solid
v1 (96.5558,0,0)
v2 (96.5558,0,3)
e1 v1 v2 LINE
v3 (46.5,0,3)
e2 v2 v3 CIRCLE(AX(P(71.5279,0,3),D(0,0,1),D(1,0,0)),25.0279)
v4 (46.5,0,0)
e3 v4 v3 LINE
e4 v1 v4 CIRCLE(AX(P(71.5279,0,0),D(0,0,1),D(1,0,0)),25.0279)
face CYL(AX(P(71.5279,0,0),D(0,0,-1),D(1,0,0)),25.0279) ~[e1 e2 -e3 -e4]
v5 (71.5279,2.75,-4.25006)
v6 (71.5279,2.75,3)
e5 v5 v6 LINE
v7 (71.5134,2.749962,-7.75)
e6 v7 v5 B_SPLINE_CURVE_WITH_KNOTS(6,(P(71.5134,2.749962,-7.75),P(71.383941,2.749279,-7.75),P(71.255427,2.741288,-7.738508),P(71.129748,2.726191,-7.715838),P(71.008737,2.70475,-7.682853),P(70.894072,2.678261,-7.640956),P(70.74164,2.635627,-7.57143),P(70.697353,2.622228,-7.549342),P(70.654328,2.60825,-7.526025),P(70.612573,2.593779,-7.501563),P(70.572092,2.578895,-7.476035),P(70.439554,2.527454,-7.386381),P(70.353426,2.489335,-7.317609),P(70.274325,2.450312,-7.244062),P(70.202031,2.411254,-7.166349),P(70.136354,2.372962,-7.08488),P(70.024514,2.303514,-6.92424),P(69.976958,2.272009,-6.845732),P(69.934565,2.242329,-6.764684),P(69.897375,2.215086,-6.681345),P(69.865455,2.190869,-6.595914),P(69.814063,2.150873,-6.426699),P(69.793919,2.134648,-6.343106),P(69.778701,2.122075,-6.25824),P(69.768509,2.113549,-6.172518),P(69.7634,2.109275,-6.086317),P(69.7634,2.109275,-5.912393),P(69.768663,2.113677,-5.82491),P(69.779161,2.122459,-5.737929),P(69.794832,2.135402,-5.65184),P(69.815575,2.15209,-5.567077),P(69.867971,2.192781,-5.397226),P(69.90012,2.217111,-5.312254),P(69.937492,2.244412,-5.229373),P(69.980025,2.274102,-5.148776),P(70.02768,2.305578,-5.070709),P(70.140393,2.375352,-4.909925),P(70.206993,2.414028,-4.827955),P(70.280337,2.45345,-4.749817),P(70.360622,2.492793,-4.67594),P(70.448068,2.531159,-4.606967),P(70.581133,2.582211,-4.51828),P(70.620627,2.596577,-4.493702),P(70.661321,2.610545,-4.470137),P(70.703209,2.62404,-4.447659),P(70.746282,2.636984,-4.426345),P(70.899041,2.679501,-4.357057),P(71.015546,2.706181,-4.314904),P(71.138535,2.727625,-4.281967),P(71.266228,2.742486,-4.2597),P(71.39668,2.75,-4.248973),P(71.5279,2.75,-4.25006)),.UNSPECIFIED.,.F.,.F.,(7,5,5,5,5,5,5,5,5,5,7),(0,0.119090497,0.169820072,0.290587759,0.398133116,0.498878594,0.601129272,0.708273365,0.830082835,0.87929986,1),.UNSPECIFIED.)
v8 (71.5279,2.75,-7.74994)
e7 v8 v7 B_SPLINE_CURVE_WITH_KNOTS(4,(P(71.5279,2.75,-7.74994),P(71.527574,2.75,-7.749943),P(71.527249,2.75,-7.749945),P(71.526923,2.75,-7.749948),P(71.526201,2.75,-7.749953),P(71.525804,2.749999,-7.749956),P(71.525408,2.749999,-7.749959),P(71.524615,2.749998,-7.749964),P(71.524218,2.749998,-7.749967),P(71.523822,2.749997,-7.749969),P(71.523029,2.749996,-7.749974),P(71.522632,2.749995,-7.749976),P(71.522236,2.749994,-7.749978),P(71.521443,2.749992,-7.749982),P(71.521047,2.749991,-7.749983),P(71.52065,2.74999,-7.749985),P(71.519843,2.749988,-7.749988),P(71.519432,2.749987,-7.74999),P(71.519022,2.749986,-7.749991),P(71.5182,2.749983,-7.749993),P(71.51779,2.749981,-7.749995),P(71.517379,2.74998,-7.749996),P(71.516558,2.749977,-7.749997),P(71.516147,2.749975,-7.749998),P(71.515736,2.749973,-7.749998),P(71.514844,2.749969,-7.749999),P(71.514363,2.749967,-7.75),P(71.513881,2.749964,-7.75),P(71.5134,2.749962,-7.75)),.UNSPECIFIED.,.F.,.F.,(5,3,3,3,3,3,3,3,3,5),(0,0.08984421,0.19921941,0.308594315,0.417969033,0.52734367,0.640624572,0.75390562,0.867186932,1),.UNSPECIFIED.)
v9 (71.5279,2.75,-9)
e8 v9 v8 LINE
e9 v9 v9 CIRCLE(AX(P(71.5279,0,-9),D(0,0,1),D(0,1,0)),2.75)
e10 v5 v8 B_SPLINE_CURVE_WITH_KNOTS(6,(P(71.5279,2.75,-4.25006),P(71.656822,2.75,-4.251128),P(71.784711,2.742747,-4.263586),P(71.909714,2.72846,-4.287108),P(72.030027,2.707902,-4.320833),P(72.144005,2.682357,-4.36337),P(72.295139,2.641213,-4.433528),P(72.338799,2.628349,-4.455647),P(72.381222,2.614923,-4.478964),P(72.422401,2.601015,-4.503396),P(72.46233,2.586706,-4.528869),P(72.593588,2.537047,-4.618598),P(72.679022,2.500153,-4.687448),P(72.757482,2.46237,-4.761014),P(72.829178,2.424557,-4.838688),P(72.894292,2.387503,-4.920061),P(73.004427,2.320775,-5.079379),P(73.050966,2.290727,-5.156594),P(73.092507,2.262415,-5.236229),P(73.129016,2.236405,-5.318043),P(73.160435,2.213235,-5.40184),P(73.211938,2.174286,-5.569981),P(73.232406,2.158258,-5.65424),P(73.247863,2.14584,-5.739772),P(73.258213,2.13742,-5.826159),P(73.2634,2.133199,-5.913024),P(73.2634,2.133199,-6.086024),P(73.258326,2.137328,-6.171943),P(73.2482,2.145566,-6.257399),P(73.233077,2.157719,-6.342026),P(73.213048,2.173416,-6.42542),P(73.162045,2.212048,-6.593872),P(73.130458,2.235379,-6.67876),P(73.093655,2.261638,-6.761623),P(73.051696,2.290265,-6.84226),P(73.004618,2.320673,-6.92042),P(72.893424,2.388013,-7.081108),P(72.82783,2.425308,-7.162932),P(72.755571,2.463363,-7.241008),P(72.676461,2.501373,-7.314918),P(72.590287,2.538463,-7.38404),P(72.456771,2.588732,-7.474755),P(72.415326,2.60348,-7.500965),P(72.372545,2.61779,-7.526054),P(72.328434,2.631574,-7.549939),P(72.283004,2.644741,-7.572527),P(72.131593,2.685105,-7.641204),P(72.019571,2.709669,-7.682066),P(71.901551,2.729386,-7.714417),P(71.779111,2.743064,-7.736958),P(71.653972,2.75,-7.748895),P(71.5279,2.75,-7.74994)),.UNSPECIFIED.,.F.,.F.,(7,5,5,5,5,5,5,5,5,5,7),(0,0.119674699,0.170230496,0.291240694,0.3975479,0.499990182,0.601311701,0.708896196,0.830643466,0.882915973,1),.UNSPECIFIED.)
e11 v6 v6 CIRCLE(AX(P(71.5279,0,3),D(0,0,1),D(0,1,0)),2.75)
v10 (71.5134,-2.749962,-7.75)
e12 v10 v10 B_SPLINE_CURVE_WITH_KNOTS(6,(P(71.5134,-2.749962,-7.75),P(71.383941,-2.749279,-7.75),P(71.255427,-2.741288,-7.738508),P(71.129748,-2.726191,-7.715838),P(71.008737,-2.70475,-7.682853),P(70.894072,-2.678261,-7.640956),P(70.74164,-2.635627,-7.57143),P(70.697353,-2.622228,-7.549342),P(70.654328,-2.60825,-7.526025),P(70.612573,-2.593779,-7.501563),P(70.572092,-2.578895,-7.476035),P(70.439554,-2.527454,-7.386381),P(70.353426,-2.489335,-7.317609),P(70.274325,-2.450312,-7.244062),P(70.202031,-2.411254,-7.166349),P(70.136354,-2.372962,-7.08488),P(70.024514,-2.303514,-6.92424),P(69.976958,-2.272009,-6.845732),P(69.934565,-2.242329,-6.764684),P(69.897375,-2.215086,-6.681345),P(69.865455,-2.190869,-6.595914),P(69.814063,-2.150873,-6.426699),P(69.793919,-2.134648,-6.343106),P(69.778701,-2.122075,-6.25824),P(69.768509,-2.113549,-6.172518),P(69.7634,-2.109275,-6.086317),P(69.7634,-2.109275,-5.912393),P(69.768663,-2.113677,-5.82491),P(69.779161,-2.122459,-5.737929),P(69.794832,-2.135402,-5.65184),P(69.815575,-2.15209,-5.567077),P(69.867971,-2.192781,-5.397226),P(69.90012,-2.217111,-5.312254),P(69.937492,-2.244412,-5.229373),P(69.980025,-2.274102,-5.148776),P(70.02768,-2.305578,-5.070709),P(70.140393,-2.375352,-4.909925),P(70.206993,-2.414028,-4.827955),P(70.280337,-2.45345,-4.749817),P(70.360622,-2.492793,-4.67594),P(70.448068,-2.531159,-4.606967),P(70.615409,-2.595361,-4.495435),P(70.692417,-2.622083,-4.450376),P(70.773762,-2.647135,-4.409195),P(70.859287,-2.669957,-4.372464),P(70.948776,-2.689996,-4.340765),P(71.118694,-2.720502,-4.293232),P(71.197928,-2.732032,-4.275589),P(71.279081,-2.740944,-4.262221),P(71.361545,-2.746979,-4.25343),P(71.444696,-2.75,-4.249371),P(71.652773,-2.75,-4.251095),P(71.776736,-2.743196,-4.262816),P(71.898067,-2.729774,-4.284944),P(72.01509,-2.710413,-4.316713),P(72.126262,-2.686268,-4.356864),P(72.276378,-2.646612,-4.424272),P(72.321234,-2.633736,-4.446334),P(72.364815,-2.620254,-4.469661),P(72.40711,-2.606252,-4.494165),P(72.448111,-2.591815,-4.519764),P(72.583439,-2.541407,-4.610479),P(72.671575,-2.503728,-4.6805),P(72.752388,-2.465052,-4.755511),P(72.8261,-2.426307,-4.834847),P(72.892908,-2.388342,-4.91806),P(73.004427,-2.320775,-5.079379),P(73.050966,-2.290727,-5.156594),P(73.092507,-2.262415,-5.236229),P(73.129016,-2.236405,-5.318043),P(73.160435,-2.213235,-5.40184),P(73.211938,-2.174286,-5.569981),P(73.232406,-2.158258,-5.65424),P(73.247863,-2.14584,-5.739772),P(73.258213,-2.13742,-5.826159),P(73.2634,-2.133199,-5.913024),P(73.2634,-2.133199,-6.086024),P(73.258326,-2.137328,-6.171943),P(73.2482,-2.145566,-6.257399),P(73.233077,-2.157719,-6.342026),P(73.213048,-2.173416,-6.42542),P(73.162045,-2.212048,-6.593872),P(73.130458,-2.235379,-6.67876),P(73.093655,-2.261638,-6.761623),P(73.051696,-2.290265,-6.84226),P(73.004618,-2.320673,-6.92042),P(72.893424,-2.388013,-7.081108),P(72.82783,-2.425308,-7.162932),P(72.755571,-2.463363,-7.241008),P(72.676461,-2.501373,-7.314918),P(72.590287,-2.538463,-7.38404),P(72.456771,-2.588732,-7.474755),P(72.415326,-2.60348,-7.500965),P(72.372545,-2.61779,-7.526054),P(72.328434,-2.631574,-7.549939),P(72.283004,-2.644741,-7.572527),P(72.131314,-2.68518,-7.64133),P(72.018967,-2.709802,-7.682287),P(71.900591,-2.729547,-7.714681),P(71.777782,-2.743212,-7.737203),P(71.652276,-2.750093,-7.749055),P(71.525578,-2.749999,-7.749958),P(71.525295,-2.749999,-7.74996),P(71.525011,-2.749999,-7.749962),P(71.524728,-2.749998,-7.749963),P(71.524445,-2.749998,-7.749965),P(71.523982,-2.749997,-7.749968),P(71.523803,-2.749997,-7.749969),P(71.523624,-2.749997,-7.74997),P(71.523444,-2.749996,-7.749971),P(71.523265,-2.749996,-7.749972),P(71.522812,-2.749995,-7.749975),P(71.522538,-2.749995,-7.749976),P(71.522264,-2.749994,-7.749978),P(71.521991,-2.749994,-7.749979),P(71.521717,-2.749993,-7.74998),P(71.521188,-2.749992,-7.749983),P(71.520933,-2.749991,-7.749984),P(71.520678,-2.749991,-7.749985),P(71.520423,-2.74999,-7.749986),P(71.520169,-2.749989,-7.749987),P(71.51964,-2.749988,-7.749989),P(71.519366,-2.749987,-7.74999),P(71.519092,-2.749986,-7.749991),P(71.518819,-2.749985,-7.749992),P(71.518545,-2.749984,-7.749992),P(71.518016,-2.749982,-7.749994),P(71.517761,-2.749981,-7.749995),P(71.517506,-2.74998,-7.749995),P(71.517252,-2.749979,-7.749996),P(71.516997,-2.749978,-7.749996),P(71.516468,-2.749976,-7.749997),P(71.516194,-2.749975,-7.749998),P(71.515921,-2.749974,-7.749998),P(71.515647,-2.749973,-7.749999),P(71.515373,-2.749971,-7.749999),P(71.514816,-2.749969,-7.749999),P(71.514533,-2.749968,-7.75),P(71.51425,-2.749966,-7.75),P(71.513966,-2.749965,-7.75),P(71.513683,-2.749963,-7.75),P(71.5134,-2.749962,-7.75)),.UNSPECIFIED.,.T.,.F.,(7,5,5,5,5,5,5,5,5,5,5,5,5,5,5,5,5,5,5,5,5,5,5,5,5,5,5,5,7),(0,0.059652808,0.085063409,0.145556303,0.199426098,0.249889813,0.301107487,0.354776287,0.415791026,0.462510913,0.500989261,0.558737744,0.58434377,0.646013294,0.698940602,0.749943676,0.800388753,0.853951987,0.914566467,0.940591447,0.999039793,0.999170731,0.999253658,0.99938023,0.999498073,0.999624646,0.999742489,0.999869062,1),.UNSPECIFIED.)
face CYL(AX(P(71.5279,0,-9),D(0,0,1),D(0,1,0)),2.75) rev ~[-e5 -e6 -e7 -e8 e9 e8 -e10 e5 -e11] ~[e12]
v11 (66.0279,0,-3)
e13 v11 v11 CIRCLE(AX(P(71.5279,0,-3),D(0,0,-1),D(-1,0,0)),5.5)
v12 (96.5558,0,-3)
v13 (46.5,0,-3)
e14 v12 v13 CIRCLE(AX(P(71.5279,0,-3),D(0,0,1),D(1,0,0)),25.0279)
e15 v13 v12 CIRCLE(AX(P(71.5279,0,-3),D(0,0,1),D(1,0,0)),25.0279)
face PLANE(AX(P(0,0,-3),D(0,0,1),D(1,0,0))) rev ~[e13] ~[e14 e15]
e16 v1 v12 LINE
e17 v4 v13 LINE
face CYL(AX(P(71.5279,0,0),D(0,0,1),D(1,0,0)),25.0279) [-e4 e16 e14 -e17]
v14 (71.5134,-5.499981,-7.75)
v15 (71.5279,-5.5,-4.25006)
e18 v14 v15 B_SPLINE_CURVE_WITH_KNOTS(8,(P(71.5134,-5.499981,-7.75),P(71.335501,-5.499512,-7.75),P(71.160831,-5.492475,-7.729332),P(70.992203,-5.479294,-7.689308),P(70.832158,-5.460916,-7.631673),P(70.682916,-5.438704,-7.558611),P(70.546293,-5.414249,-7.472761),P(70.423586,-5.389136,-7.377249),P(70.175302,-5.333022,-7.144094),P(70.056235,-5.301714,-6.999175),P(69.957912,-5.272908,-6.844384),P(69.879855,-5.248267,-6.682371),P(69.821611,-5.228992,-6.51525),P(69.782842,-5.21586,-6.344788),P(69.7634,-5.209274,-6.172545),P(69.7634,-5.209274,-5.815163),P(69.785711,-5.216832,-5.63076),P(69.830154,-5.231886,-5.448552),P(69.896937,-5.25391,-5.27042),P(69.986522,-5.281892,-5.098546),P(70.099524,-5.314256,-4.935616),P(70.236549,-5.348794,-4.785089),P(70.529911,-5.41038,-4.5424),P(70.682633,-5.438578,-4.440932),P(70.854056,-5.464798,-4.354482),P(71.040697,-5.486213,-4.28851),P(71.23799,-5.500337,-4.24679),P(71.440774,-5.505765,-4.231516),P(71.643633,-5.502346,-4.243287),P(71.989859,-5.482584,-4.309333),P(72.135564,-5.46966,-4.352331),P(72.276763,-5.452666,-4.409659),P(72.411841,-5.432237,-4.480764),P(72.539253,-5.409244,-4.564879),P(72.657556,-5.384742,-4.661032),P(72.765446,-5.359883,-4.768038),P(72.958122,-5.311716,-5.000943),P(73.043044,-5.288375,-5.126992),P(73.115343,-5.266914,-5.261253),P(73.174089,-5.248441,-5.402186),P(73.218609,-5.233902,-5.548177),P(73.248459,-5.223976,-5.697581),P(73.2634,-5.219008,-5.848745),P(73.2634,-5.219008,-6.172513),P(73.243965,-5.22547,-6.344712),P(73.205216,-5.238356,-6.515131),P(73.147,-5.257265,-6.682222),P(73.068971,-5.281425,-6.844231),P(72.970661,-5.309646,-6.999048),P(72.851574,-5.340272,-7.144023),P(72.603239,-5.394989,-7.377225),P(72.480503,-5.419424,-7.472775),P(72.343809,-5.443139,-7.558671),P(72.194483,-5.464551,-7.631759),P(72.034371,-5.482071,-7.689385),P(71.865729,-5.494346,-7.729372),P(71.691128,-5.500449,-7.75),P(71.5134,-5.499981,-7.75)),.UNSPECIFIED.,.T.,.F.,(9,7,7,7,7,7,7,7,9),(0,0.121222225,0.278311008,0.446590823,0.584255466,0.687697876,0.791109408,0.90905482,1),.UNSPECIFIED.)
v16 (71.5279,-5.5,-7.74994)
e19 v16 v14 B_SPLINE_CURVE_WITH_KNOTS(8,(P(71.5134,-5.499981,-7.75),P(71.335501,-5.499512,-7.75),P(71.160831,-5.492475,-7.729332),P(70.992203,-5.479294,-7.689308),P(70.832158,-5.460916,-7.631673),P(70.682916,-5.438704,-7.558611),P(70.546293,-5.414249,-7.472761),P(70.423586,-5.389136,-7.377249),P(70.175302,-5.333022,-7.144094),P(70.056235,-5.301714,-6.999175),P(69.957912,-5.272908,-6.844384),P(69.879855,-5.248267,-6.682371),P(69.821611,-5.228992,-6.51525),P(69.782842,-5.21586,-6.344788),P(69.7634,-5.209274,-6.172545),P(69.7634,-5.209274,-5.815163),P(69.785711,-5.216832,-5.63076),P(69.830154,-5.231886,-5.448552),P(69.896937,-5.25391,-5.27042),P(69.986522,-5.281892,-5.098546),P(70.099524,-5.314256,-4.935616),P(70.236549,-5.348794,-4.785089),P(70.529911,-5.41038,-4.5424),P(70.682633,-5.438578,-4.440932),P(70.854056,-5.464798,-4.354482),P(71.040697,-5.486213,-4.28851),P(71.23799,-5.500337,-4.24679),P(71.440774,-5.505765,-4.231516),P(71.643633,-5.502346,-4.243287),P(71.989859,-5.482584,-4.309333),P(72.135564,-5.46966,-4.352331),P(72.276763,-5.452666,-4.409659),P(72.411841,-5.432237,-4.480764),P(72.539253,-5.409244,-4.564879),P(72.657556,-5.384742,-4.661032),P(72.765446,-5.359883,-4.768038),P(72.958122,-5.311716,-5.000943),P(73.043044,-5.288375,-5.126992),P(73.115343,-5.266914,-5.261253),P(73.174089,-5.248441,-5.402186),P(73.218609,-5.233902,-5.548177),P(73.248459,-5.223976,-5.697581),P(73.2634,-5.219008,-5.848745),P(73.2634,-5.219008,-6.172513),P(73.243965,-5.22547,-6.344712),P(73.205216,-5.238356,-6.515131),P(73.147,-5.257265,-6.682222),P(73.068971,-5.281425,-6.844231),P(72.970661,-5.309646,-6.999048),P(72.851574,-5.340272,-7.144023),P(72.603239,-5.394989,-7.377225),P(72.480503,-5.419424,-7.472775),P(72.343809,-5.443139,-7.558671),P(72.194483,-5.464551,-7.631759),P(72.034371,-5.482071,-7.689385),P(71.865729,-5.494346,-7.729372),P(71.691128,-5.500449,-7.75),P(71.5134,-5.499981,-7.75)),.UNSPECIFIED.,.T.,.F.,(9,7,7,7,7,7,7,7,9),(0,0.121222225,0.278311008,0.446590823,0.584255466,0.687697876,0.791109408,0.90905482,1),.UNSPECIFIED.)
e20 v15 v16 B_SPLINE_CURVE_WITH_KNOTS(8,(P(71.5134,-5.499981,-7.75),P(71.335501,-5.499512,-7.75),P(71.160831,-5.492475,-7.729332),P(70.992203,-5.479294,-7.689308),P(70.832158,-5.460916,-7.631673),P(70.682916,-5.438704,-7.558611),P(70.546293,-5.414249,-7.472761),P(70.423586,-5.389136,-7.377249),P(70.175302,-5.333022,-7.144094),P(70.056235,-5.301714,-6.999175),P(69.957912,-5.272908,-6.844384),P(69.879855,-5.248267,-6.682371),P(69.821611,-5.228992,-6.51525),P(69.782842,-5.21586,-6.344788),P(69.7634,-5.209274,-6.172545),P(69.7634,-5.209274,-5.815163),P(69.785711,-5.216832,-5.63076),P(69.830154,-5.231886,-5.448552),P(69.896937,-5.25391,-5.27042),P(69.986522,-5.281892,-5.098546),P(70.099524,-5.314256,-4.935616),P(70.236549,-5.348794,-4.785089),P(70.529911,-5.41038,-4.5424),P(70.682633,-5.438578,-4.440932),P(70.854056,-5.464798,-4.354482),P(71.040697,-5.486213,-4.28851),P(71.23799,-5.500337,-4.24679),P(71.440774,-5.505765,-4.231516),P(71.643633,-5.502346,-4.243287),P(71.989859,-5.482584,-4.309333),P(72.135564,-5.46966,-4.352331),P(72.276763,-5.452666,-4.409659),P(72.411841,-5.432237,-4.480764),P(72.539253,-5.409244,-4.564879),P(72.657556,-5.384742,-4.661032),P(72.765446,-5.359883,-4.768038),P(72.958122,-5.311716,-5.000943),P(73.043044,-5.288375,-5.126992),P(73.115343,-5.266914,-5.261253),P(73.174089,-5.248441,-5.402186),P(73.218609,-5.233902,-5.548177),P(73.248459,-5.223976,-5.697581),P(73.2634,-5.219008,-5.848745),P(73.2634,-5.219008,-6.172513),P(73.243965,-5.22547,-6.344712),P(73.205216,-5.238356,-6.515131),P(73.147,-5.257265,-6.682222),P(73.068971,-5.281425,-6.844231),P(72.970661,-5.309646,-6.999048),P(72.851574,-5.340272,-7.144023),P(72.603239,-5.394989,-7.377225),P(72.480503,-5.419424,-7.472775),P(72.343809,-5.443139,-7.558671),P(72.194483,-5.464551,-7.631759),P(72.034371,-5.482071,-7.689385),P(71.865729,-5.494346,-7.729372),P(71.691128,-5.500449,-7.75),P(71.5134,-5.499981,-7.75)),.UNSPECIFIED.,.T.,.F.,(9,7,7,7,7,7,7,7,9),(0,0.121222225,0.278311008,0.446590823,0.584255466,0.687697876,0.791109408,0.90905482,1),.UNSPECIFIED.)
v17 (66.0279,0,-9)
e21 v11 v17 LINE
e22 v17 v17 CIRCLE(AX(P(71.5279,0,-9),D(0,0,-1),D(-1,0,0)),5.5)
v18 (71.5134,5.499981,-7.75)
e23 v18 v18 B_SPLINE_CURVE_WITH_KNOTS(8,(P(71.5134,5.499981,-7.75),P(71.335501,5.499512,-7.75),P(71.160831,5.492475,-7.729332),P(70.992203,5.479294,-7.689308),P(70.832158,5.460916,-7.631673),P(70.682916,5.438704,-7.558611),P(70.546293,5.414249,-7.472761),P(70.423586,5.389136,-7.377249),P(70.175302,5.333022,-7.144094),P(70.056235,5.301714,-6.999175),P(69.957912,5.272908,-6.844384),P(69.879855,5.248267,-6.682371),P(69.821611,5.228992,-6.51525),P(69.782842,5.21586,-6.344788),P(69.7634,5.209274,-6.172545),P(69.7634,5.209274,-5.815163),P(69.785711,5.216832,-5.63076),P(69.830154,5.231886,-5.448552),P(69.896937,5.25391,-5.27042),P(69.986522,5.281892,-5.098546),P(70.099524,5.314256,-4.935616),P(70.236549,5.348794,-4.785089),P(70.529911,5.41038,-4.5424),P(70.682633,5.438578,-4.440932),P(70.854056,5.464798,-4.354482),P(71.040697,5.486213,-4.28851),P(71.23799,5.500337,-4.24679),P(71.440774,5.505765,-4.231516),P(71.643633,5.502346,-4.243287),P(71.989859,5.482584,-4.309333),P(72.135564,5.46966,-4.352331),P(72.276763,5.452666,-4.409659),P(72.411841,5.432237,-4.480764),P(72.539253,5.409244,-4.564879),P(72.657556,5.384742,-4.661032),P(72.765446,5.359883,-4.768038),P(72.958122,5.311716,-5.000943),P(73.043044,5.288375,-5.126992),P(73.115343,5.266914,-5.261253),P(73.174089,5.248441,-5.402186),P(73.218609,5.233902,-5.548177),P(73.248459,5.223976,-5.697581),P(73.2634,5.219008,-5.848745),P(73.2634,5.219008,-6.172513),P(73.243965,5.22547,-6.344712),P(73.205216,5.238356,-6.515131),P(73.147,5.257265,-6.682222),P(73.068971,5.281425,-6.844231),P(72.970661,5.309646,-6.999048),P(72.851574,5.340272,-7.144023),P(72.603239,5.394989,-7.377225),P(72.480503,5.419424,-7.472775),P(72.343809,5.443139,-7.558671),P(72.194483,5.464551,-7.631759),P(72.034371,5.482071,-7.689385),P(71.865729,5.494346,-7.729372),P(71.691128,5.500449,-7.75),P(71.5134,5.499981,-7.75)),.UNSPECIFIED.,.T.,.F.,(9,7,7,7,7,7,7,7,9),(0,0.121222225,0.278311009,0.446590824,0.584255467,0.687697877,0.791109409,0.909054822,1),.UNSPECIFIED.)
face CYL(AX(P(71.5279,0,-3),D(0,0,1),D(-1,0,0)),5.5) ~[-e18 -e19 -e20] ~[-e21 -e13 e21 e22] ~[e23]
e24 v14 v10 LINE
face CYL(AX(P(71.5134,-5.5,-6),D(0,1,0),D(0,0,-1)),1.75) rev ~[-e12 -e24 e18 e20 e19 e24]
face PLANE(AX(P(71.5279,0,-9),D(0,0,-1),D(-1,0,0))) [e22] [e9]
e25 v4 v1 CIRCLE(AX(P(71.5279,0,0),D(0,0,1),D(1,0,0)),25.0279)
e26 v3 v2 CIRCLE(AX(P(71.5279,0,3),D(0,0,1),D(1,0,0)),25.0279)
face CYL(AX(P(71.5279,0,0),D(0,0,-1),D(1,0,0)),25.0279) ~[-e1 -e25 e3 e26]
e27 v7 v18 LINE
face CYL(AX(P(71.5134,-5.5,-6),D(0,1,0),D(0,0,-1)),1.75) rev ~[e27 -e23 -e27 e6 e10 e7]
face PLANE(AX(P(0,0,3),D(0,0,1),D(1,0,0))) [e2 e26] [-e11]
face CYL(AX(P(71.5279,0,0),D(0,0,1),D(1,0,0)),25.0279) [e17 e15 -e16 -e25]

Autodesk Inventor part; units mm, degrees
ref_plane "YZ Plane" through (0, 0, 0) normal (1, 0, 0) x (0, 1, 0)
ref_plane "XY Plane" through (0, 0, 0) normal (0, 0, 1) x (1, 0, 0)
sketch "Sketch1" plane through (0, 0, 0) normal (0, 0, 1) x (1, 0, 0)
  circle A0 centre (71.5279, 0) radius 25.0279
  circle A1 centre (0, 0) radius 46.5 projected
extrude "Extrusion1" add sketch "Sketch1" along normal mid plane 6 contours A0
sketch "Sketch2" plane through (71.5279, 0, -3) normal (0, 0, -1) x (-1, 0, 0)
  circle A0 centre (0, 0) radius 25.0279 projected
  circle A1 centre (0, 0) radius 5.5
  point P0 (71.5279, 0)
  dimension "d2" = 11
extrude "Extrusion2" add sketch "Sketch2" along normal blind 6 contours A1
hole "Hole1" at (71.5279, 0, -9) direction (0, 0, 1) diameter 5.5 end through all
ref_plane "Work Plane1" through (71.5279, -5.5, -3) normal (0, 1, 0) x (-1, 0, 0)
sketch "Sketch3" plane through (71.5279, -5.5, -3) normal (0, 1, 0) x (-1, 0, 0)
  line L0 (-5.5, -6) -> (5.5, -6) projected
  line L1 (5.5, 0) -> (-5.5, 0) projected
  point P0 (71.5279, 3)
  point P1 (0.0146, -3)
  dimension "d14" = 3
hole "Hole2" at (71.5134, -5.5, -6) direction (0, 1, 0) diameter 3.5 end through all
properties part number "drive_wheel"
